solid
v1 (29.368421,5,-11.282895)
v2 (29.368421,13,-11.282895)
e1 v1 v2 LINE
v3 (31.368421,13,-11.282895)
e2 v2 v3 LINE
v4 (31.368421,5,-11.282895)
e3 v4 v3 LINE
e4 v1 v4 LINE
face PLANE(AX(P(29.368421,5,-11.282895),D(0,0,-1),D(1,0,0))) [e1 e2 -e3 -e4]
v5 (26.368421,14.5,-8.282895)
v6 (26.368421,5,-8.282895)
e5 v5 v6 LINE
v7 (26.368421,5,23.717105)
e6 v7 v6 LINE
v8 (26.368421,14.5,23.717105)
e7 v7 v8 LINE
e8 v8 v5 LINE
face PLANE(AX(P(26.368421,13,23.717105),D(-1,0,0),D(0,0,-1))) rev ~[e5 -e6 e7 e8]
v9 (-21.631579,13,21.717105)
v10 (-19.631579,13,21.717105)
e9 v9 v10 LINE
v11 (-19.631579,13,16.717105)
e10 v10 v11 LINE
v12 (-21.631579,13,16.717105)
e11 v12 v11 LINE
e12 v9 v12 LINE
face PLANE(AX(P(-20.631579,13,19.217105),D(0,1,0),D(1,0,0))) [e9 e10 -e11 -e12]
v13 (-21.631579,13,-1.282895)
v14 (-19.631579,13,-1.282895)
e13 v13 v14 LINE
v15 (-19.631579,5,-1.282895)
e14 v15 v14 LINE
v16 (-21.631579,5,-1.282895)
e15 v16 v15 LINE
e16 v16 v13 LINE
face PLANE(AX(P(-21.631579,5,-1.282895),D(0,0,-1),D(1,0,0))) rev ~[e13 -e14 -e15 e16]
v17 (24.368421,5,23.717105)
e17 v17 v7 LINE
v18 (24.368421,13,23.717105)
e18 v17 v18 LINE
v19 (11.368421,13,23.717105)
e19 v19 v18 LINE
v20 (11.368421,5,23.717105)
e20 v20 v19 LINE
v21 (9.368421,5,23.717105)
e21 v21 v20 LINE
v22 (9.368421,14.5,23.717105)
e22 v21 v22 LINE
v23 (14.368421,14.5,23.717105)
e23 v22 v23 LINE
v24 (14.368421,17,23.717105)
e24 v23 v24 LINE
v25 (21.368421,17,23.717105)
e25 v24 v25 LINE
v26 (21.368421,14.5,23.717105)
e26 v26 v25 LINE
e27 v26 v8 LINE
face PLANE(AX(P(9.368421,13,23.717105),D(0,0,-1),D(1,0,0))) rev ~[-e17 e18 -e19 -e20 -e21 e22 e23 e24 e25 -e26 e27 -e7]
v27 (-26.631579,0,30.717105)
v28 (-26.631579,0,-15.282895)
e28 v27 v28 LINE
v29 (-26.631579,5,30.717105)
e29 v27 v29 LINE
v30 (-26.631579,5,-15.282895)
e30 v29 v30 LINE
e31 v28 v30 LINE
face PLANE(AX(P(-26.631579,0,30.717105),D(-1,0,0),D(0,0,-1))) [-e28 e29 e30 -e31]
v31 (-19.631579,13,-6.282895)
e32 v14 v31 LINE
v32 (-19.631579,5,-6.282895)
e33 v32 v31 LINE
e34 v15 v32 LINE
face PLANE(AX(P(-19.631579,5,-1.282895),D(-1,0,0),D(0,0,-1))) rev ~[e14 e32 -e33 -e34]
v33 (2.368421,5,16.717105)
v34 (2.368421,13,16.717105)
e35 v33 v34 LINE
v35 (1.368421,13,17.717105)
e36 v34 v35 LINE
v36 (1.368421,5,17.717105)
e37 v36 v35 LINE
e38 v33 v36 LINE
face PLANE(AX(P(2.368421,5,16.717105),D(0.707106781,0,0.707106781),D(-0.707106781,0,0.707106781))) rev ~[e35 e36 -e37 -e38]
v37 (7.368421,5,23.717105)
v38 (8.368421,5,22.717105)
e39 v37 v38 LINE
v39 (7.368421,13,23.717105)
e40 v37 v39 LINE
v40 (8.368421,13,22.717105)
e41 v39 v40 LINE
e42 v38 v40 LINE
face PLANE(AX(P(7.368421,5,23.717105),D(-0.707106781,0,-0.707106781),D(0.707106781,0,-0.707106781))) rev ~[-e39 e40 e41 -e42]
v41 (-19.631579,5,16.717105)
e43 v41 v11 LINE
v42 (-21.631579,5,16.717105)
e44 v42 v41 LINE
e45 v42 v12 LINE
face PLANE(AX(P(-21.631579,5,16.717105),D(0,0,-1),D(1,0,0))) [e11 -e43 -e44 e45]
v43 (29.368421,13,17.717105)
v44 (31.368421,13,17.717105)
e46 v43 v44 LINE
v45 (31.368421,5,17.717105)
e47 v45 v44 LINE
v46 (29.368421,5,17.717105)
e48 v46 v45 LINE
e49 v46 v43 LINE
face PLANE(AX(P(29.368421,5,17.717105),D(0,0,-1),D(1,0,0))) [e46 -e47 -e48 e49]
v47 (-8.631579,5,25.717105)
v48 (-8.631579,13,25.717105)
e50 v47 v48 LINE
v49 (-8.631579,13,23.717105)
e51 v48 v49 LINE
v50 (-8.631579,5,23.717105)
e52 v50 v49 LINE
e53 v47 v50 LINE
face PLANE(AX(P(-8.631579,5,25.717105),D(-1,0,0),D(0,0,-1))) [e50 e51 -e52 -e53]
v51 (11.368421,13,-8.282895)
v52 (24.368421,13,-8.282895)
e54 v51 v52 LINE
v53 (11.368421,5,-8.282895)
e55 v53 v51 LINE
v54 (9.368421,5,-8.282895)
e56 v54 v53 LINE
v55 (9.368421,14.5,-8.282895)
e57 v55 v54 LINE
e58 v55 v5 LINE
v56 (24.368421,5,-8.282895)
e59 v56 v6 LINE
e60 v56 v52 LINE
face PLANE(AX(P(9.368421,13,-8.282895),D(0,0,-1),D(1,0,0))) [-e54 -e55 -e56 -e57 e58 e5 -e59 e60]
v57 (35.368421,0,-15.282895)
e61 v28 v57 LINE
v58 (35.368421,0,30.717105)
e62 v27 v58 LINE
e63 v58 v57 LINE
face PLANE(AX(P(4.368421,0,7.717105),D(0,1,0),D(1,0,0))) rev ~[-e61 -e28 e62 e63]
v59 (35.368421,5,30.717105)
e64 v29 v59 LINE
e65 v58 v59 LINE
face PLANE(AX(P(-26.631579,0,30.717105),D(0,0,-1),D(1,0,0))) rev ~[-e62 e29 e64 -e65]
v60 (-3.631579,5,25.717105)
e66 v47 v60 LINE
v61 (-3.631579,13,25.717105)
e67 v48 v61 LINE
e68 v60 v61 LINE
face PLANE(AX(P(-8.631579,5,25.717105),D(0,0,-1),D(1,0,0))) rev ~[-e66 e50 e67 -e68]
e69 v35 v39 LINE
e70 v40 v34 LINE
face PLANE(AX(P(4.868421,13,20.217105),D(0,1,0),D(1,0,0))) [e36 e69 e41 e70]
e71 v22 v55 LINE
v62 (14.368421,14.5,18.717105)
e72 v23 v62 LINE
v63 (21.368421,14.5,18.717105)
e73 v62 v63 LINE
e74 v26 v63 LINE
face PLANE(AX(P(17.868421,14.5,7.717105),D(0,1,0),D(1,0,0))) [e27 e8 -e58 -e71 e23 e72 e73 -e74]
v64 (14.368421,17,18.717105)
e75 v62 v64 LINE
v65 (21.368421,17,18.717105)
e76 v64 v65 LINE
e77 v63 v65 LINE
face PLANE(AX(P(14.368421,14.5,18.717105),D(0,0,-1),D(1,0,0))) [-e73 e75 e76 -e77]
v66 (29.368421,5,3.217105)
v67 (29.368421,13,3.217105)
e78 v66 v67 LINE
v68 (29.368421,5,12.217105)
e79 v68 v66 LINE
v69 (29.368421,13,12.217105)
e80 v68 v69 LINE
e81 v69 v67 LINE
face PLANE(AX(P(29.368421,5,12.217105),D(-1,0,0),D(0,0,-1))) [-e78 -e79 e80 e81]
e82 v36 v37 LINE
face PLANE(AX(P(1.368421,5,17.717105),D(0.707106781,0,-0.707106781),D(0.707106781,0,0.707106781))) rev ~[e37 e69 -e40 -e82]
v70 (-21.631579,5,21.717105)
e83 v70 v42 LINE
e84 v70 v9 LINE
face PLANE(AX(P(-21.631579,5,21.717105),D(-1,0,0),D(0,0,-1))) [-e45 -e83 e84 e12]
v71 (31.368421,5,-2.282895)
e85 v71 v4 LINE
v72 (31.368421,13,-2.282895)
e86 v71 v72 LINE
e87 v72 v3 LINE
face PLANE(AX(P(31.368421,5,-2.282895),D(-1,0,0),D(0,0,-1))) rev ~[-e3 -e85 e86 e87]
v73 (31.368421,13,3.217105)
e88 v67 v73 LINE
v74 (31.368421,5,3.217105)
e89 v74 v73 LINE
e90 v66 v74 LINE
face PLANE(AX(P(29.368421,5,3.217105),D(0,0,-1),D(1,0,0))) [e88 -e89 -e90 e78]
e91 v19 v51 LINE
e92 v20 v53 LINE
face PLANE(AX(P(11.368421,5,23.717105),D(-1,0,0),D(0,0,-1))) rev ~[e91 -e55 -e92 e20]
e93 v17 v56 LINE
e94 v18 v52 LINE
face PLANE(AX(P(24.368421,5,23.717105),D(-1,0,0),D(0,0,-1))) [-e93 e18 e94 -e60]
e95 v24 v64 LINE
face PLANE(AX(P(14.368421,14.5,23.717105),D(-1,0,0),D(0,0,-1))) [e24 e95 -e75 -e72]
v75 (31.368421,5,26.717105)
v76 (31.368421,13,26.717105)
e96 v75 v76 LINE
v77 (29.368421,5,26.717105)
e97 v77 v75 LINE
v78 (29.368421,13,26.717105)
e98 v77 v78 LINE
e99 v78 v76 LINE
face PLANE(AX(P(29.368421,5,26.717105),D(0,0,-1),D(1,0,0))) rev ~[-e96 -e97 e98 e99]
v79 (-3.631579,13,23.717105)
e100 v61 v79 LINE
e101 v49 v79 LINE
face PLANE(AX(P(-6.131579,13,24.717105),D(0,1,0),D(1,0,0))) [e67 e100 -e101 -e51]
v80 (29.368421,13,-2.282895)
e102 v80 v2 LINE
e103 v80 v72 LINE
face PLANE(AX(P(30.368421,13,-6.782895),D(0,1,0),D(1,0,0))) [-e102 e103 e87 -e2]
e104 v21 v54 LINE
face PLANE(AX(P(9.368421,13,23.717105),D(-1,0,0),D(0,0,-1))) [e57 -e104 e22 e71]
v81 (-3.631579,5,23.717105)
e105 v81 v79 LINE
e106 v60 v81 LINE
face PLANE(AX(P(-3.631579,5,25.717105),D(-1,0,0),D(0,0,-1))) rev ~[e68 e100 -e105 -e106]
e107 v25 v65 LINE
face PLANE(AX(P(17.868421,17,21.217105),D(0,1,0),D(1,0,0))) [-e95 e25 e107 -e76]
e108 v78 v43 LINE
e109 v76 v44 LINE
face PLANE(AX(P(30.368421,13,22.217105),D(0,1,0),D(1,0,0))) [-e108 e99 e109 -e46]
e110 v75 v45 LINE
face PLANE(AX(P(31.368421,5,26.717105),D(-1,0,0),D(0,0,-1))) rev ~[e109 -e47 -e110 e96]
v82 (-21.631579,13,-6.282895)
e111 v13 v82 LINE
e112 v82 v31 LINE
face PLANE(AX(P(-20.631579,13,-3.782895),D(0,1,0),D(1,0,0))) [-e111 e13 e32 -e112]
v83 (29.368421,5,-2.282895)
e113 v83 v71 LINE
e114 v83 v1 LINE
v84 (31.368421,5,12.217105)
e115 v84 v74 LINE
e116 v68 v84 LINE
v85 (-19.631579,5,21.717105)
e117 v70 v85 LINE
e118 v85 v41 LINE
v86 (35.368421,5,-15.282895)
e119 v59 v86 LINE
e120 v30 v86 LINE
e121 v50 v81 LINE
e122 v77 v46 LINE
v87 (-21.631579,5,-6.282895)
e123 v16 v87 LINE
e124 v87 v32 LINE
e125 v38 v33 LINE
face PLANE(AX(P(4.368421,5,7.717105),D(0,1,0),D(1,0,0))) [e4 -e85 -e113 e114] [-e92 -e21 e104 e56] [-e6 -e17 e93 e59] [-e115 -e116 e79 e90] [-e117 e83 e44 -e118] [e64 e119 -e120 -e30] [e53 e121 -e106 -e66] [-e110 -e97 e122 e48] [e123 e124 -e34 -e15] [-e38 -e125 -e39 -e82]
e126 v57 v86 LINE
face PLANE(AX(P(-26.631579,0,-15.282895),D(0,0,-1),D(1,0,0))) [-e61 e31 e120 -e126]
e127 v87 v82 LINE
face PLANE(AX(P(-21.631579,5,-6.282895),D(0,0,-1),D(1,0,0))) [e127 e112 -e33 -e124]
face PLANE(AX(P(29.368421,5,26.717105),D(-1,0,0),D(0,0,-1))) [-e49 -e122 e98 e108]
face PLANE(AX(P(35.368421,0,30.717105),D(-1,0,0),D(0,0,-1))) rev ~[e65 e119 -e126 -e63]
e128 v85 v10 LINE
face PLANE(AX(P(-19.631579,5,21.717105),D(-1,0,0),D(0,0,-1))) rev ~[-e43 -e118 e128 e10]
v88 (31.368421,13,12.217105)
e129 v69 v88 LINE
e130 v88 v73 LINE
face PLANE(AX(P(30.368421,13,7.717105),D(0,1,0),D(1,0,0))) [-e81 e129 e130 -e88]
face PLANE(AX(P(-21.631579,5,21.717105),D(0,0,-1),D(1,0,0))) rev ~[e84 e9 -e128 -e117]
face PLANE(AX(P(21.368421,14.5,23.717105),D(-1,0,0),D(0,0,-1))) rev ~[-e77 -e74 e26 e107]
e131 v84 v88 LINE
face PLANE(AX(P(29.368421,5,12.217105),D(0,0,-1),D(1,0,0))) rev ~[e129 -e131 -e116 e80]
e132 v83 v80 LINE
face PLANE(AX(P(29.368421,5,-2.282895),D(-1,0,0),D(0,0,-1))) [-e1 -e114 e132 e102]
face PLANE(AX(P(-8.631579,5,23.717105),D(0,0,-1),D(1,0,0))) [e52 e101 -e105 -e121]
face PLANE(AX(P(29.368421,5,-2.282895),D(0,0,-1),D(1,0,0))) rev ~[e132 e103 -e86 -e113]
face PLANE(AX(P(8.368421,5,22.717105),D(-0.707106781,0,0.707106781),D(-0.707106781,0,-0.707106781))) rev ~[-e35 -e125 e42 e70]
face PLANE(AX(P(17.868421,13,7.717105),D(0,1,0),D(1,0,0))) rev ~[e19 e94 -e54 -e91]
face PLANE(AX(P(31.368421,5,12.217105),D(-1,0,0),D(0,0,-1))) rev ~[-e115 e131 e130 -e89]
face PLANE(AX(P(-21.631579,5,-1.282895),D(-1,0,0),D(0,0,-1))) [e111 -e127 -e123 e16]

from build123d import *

# Parameters (mm, degrees)
SKETCH1_W           = 62
SKETCH1_H           = 46
BOSS_EXTRUDE1_DEPTH = 5
SKETCH2_W           = 2
SKETCH2_H           = 5
SKETCH2_H_2         = 9
SKETCH2_H_3         = 32
SKETCH2_W_2         = 5
SKETCH2_H_4         = 2
BOSS_EXTRUDE2_DEPTH = 8
SKETCH3_W           = 17
SKETCH3_H           = 32
BOSS_EXTRUDE3_DEPTH = 1.5
SKETCH4_W           = 7
SKETCH4_H           = 5
BOSS_EXTRUDE4_DEPTH = 2.5


with BuildPart() as part:
    # Sketch1 → Boss-Extrude1 (new body)
    with BuildSketch(Plane(origin=(0, 0, 0), x_dir=(1, 0, 0), z_dir=(0, 1, 0))):
        with Locations((4.368421053, -7.717105263)):
            Rectangle(SKETCH1_W, SKETCH1_H)
    extrude(amount=BOSS_EXTRUDE1_DEPTH)

    # Sketch2 → Boss-Extrude2 (add)
    with BuildSketch(Plane(origin=(0, 5, 0), x_dir=(1, 0, 0), z_dir=(0, 1, 0))):
        with Locations((-20.631578947, 3.782894737)):
            Rectangle(SKETCH2_W, SKETCH2_H)
        with Locations((-20.631578947, -19.217105263)):
            Rectangle(SKETCH2_W, SKETCH2_H)
        Polygon((7.368421053, -23.717105263), (8.368421053, -22.717105263), (2.368421053, -16.717105263), (1.368421053, -17.717105263), align=None)
        with Locations((30.368421053, 6.782894737)):
            Rectangle(SKETCH2_W, SKETCH2_H_2)
        with Locations((30.368421053, -7.717105263)):
            Rectangle(SKETCH2_W, SKETCH2_H_2)
        with Locations((30.368421053, -22.217105263)):
            Rectangle(SKETCH2_W, SKETCH2_H_2)
        with Locations((10.368421053, -7.717105263)):
            Rectangle(SKETCH2_W, SKETCH2_H_3)
        with Locations((25.368421053, -7.717105263)):
            Rectangle(SKETCH2_W, SKETCH2_H_3)
        with Locations((-6.131578947, -24.717105263)):
            Rectangle(SKETCH2_W_2, SKETCH2_H_4)
    extrude(amount=BOSS_EXTRUDE2_DEPTH)

    # Sketch3 → Boss-Extrude3 (add)
    with BuildSketch(Plane(origin=(0, 13, 0), x_dir=(1, 0, 0), z_dir=(0, 1, 0))):
        with Locations((17.868421053, -7.717105263)):
            Rectangle(SKETCH3_W, SKETCH3_H)
    extrude(amount=BOSS_EXTRUDE3_DEPTH)

    # Sketch4 → Boss-Extrude4 (add)
    with BuildSketch(Plane(origin=(0, 14.5, 0), x_dir=(1, 0, 0), z_dir=(0, 1, 0))):
        with Locations((17.868421053, -21.217105263)):
            Rectangle(SKETCH4_W, SKETCH4_H)
    extrude(amount=BOSS_EXTRUDE4_DEPTH)


solid = part.part
